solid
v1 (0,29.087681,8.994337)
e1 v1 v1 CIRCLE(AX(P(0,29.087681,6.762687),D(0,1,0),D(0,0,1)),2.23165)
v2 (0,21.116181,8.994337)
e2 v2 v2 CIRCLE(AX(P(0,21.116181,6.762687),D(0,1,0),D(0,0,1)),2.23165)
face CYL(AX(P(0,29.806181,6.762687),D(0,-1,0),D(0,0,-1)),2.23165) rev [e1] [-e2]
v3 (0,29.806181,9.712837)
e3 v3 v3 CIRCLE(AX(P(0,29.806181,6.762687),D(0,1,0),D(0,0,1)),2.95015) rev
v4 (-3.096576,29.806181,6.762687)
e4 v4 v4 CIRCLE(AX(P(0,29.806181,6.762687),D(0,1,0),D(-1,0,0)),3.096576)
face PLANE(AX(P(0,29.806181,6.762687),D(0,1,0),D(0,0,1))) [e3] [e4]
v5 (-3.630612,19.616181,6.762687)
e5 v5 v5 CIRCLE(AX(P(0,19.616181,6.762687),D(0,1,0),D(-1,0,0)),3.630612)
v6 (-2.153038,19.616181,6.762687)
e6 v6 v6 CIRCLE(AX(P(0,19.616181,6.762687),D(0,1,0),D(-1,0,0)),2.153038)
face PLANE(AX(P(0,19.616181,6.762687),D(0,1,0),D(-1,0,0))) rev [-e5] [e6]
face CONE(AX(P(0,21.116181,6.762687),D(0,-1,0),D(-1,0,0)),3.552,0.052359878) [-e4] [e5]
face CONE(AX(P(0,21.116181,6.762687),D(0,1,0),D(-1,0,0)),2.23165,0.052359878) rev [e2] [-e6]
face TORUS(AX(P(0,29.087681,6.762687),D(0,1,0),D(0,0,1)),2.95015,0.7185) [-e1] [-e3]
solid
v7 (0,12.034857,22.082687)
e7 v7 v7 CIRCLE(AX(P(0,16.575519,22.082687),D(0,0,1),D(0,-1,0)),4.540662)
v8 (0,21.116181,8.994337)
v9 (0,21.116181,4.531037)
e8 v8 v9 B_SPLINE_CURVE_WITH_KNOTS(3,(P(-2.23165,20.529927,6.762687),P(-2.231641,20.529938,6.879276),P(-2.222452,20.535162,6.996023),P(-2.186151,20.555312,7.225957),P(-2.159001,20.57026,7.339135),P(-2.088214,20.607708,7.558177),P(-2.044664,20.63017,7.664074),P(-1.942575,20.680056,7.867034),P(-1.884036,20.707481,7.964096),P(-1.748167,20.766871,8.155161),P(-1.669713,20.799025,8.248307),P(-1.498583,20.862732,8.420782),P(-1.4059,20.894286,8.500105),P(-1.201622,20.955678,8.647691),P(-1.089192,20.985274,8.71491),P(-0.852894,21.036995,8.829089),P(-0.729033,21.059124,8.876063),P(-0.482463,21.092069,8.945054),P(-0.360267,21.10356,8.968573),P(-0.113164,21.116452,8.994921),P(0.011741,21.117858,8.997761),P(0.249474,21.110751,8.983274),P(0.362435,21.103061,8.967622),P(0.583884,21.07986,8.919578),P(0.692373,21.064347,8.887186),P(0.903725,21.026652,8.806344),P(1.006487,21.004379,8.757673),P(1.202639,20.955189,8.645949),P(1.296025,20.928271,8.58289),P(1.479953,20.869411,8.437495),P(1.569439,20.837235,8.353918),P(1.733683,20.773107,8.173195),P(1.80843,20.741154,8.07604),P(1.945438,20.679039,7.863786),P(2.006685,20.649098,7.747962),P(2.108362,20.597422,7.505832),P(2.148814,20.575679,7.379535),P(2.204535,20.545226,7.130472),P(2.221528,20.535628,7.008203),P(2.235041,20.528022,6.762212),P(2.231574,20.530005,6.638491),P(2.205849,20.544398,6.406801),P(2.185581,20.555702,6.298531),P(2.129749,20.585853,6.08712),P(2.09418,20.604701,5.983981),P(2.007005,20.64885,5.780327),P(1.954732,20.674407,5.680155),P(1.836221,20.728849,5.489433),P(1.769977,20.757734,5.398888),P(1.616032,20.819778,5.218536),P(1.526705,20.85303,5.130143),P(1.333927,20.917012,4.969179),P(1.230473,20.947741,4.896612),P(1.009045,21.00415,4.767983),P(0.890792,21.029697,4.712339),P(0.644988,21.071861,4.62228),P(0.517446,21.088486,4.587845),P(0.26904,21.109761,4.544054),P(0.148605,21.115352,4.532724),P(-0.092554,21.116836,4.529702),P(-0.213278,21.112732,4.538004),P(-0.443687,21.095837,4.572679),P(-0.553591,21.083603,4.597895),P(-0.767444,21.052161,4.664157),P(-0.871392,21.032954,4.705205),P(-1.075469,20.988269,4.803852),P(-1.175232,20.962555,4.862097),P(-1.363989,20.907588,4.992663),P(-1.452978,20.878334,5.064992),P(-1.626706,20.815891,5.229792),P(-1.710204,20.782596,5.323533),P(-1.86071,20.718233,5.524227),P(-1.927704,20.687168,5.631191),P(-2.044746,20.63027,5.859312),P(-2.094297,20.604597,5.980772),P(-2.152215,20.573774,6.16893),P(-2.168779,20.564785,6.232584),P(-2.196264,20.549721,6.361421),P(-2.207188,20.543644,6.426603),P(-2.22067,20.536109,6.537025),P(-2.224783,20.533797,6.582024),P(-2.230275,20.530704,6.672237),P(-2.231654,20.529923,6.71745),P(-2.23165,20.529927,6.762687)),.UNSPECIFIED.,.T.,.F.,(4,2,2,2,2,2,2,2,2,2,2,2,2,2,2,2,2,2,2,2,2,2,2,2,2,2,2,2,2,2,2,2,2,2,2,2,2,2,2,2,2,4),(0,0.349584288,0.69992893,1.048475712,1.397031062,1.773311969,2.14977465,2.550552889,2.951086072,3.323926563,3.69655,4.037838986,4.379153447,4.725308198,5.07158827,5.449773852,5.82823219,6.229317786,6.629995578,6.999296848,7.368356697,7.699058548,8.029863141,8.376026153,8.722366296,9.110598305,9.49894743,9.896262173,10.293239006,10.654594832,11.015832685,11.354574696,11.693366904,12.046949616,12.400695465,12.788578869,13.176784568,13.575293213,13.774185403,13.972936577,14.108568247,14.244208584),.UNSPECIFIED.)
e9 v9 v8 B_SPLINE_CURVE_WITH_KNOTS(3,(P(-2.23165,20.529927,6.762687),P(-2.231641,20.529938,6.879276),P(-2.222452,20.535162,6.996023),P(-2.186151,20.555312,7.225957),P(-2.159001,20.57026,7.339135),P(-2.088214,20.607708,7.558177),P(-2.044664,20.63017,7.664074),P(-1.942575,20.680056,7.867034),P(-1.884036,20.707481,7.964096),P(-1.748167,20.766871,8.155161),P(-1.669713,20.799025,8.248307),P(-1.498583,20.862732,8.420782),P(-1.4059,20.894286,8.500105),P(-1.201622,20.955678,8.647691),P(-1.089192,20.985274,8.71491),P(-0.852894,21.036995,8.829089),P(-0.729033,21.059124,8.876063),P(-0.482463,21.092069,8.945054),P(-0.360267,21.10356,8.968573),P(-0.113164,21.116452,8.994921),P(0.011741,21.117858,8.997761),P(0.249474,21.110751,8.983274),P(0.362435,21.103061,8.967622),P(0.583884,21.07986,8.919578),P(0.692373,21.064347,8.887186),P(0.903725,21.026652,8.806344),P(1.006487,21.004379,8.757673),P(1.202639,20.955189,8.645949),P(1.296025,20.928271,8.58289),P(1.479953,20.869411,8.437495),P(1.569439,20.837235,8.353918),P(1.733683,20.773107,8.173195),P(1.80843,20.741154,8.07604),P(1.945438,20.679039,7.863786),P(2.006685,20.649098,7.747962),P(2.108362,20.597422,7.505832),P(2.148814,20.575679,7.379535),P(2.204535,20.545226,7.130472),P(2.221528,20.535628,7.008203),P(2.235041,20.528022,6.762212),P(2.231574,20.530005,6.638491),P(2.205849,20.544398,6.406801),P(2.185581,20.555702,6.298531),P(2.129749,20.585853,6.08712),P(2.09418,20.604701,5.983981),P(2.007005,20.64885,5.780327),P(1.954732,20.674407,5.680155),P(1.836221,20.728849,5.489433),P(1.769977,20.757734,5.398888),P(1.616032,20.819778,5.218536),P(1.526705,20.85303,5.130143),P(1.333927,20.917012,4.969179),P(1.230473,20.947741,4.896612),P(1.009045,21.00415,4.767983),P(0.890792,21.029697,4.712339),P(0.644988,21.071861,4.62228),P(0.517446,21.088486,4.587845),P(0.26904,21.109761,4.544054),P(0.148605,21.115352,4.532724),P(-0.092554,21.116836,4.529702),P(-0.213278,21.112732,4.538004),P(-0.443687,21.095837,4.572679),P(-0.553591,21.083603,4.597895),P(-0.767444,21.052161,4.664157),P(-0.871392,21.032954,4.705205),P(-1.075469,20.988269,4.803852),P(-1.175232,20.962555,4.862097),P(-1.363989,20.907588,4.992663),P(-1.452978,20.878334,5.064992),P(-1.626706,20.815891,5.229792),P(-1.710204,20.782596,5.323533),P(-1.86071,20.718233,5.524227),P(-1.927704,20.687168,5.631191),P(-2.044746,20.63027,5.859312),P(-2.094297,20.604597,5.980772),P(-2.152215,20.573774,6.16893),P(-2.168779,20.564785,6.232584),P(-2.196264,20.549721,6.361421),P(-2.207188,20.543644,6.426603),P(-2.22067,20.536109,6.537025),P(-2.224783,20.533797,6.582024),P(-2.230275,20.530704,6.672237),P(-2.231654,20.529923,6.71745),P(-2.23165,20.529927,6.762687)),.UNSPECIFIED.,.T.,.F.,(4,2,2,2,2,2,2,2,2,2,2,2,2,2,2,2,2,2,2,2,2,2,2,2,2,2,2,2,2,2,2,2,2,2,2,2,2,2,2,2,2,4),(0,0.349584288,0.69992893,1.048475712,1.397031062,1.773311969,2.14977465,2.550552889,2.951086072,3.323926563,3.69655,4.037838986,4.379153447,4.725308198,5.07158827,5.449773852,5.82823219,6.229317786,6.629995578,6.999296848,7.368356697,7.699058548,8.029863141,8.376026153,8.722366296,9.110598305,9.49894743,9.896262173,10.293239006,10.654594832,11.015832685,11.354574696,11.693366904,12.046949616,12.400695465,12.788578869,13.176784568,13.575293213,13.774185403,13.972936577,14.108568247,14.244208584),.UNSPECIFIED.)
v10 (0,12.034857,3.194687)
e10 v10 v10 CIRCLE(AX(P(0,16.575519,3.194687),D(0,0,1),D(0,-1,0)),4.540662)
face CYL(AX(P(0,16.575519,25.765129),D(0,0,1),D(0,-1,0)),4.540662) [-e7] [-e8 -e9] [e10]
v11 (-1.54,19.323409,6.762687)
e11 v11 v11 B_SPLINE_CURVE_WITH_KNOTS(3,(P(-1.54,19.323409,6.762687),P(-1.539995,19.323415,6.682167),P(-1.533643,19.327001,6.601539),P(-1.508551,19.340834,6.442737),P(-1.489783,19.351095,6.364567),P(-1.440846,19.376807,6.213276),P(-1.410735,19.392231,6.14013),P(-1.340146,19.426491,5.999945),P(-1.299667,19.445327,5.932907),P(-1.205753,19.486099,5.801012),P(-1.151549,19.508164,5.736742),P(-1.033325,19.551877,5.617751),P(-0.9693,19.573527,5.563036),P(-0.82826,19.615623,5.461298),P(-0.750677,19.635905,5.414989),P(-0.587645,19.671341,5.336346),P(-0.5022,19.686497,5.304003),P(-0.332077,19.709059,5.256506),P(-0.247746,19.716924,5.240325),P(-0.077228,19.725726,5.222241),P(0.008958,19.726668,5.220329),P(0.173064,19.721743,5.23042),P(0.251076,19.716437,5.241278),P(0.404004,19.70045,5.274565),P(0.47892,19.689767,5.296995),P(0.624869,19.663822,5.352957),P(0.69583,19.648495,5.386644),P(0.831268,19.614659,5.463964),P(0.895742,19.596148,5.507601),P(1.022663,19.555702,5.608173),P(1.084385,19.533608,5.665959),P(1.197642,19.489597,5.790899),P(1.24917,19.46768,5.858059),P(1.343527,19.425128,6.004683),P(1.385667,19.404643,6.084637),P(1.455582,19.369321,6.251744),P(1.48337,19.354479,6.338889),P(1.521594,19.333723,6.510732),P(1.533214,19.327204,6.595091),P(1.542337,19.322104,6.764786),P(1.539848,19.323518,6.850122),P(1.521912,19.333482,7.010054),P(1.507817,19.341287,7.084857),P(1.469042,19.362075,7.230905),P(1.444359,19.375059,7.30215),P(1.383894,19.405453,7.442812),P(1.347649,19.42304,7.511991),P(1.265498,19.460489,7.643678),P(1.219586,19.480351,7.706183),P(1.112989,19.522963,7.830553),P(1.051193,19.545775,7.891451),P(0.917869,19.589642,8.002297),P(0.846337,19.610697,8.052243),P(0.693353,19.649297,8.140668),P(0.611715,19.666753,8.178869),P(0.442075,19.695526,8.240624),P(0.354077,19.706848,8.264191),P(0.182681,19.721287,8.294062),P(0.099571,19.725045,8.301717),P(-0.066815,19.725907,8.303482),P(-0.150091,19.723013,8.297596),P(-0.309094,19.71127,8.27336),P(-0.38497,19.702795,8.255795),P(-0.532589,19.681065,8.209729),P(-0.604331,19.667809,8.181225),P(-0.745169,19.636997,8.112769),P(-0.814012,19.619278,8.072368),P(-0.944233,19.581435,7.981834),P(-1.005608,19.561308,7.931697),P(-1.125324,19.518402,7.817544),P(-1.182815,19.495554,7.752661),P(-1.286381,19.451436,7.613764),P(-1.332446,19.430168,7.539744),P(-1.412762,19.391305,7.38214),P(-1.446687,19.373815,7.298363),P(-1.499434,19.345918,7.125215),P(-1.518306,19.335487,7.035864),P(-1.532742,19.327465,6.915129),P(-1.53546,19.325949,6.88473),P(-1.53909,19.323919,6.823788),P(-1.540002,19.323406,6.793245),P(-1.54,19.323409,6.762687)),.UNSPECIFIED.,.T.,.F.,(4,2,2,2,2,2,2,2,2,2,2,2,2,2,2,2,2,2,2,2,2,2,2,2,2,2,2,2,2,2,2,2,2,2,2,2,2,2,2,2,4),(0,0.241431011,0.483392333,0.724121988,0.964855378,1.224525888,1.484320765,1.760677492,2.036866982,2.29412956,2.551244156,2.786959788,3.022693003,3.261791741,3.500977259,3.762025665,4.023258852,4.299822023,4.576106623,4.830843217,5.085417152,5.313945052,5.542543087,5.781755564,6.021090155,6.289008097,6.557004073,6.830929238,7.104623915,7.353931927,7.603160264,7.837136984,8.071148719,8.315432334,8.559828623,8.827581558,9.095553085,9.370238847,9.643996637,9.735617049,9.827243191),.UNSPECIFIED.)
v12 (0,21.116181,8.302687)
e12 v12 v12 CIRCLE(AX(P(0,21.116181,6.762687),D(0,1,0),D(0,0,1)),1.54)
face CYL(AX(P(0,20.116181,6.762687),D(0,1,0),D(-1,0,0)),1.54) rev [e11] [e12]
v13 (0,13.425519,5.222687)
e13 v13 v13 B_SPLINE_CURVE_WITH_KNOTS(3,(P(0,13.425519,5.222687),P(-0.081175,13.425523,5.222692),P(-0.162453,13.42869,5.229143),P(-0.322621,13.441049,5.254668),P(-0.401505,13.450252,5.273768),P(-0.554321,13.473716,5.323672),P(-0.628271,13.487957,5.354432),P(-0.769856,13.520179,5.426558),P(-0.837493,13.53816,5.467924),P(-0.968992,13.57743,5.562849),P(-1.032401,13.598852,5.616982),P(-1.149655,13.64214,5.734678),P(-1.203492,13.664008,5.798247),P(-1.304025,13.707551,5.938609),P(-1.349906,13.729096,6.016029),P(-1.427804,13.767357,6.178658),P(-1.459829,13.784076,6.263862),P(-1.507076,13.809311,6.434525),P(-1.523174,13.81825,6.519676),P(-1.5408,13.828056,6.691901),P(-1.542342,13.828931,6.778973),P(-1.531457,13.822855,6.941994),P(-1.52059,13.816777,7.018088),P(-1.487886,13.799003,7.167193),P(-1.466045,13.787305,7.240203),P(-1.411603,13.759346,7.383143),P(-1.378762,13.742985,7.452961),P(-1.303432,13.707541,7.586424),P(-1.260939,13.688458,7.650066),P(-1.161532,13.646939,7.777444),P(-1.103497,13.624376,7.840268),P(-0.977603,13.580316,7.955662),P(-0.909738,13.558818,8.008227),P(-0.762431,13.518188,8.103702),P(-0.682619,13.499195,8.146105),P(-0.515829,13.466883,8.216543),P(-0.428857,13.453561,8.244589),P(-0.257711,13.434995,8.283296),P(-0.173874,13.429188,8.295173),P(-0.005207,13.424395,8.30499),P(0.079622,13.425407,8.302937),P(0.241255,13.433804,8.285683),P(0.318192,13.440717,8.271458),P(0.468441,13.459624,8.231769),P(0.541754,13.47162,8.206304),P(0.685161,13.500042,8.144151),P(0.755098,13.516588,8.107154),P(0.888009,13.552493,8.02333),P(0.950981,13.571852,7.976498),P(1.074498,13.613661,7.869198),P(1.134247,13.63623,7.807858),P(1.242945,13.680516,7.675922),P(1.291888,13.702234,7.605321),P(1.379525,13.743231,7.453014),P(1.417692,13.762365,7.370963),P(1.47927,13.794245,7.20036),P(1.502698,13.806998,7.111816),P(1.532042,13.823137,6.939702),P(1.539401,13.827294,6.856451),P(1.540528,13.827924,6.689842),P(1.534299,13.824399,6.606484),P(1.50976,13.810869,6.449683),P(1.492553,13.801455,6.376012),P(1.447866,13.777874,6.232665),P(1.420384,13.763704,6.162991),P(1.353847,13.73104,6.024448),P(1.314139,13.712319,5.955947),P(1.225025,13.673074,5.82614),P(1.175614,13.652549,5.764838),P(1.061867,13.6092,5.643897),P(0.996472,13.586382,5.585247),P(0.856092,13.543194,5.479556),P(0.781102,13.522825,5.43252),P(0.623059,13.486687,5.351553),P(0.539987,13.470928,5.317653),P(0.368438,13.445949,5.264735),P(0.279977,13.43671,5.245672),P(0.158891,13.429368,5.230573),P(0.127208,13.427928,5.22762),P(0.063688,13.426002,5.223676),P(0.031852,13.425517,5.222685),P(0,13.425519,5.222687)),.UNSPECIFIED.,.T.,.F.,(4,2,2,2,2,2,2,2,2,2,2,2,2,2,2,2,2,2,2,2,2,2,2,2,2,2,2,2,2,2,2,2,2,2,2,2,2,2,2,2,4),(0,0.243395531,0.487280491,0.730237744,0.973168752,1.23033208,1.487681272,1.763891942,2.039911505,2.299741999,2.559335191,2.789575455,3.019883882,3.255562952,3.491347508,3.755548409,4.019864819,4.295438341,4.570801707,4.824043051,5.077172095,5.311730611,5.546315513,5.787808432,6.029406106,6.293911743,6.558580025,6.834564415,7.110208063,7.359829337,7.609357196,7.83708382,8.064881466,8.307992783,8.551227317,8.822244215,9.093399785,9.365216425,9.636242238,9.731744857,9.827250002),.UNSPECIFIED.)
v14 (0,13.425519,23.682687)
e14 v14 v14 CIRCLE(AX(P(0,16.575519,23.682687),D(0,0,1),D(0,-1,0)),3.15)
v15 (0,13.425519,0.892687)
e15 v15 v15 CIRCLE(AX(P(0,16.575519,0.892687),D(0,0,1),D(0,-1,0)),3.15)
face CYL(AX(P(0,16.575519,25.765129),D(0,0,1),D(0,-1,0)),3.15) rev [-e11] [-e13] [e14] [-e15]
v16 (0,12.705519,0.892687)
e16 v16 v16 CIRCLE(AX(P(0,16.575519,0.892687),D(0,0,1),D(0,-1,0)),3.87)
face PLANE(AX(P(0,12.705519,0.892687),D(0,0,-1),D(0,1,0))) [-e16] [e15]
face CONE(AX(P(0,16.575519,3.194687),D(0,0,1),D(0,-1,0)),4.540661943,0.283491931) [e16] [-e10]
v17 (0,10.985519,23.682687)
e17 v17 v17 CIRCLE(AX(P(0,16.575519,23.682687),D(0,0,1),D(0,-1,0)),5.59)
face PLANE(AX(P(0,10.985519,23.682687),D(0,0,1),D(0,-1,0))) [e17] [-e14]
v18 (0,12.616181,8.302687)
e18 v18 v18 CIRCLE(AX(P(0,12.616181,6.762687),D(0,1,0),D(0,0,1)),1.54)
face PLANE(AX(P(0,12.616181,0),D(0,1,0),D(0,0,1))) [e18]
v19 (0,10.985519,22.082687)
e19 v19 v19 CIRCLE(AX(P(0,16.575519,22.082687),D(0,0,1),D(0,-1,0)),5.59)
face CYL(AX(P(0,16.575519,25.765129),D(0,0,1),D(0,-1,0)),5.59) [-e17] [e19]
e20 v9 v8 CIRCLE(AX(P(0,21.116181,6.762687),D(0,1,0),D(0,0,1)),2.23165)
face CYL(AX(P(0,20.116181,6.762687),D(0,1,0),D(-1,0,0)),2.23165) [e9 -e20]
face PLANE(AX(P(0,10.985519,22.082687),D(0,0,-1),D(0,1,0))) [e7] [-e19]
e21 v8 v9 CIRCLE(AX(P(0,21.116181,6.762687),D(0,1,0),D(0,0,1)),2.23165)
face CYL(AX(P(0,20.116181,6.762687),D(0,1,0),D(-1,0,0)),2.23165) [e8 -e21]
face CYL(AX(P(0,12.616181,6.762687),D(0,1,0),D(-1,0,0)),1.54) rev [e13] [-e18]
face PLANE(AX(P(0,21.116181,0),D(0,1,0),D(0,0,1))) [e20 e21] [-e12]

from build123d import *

# Parameters (mm, degrees)
BOSS_EXTRUDE1_DEPTH           = 1
CUT_EXTRUDE1_DEPTH            = 8.5
SKETCH12_R                    = 3.045
SKETCH12_R_2                  = 2.23165
BOSS_EXTRUDE2_DEPTH           = 8.69
SKETCH15_R                    = 3.552
SKETCH15_R_2                  = 2.23165
BOSS_EXTRUDE4_DEPTH           = 8.69
BOSS_EXTRUDE4_TAPER           = 3
BOSS_EXTRUDE4_OTHER_WAY_DEPTH = 1.5
BOSS_EXTRUDE4_OTHER_WAY_TAPER = -3
FILLET2_R                     = 0.7185


with BuildPart() as part:
    # Sketch1 → Revolve1 (revolve)
    with BuildSketch(Plane.YZ):
        Polygon((10.985518673, 23.682686896), (13.425518673, 23.682686896), (13.425518673, 0.892686896), (12.705518673, 0.892686896), (12.03485673, 3.194686896), (12.03485673, 22.082686896), (10.985518673, 22.082686896), align=None)
    revolve(axis=Axis((0, 16.575518673, 25.765129309), (0, 0, -1)))

    # Sketch7 → Boss-Extrude1 (add)
    with BuildSketch(Plane(origin=(0, 21.116180616, 0.892686896), x_dir=(1, 0, 0), z_dir=(0, 1, 0))):
        with BuildLine():
            ThreePointArc((2.23165, -5.87), (1.578014848, -4.291985152), (0, -3.63835))
            ThreePointArc((0, -3.63835), (-1.578014848, -7.448014848), (2.23165, -5.87))
        make_face()
        with BuildLine():
            ThreePointArc((1.54, -5.87), (-1.088944443, -6.958944443), (0, -4.33))
            ThreePointArc((0, -4.33), (1.088944443, -4.781055557), (1.54, -5.87))
        make_face(mode=Mode.SUBTRACT)
    extrude(amount=-BOSS_EXTRUDE1_DEPTH)

    # Sketch7<4> → Cut-Extrude1 (cut)
    with BuildSketch(Plane(origin=(0, 21.116180616, 0.892686896), x_dir=(1, 0, 0), z_dir=(0, 1, 0))):
        with BuildLine():
            ThreePointArc((1.54, -5.87), (1.088944443, -4.781055557), (0, -4.33))
            ThreePointArc((0, -4.33), (-1.088944443, -6.958944443), (1.54, -5.87))
        make_face()
    extrude(amount=-CUT_EXTRUDE1_DEPTH, mode=Mode.SUBTRACT)


with BuildPart() as body_2:
    # Sketch12 → Boss-Extrude2 (new body)
    with BuildSketch(Plane(origin=(0, 21.116180616, 0), x_dir=(-1, 0, 0), z_dir=(0, 1, 0))):
        with Locations((0, 6.762686896)):
            Circle(SKETCH12_R)
        with Locations((0, 6.762686896)):
            Circle(SKETCH12_R_2, mode=Mode.SUBTRACT)
    extrude(amount=BOSS_EXTRUDE2_DEPTH)

    # Sketch15 → Boss-Extrude4 (add)
    with BuildSketch(Plane(origin=(0, 21.116180616, 0.892686896), x_dir=(1, 0, 0), z_dir=(0, 1, 0))):
        with Locations((0, -5.87)):
            Circle(SKETCH15_R)
        with Locations((0, -5.87)):
            Circle(SKETCH15_R_2, mode=Mode.SUBTRACT)
    extrude(amount=BOSS_EXTRUDE4_DEPTH, taper=BOSS_EXTRUDE4_TAPER)

    # Sketch15 → Boss-Extrude4 other way (add)
    with BuildSketch(Plane(origin=(0, 21.116180616, 0.892686896), x_dir=(1, 0, 0), z_dir=(0, 1, 0))):
        with Locations((0, -5.87)):
            Circle(SKETCH15_R)
        with Locations((0, -5.87)):
            Circle(SKETCH15_R_2, mode=Mode.SUBTRACT)
    extrude(amount=-BOSS_EXTRUDE4_OTHER_WAY_DEPTH, taper=BOSS_EXTRUDE4_OTHER_WAY_TAPER)

    # Fillet2
    fillet2_edges = [body_2.edges().sort_by_distance(p)[0] for p in [
        (2.23165, 29.806180616, 6.762686896),
    ]]
    fillet(fillet2_edges, radius=FILLET2_R)


solid = Compound([part.part, body_2.part])
